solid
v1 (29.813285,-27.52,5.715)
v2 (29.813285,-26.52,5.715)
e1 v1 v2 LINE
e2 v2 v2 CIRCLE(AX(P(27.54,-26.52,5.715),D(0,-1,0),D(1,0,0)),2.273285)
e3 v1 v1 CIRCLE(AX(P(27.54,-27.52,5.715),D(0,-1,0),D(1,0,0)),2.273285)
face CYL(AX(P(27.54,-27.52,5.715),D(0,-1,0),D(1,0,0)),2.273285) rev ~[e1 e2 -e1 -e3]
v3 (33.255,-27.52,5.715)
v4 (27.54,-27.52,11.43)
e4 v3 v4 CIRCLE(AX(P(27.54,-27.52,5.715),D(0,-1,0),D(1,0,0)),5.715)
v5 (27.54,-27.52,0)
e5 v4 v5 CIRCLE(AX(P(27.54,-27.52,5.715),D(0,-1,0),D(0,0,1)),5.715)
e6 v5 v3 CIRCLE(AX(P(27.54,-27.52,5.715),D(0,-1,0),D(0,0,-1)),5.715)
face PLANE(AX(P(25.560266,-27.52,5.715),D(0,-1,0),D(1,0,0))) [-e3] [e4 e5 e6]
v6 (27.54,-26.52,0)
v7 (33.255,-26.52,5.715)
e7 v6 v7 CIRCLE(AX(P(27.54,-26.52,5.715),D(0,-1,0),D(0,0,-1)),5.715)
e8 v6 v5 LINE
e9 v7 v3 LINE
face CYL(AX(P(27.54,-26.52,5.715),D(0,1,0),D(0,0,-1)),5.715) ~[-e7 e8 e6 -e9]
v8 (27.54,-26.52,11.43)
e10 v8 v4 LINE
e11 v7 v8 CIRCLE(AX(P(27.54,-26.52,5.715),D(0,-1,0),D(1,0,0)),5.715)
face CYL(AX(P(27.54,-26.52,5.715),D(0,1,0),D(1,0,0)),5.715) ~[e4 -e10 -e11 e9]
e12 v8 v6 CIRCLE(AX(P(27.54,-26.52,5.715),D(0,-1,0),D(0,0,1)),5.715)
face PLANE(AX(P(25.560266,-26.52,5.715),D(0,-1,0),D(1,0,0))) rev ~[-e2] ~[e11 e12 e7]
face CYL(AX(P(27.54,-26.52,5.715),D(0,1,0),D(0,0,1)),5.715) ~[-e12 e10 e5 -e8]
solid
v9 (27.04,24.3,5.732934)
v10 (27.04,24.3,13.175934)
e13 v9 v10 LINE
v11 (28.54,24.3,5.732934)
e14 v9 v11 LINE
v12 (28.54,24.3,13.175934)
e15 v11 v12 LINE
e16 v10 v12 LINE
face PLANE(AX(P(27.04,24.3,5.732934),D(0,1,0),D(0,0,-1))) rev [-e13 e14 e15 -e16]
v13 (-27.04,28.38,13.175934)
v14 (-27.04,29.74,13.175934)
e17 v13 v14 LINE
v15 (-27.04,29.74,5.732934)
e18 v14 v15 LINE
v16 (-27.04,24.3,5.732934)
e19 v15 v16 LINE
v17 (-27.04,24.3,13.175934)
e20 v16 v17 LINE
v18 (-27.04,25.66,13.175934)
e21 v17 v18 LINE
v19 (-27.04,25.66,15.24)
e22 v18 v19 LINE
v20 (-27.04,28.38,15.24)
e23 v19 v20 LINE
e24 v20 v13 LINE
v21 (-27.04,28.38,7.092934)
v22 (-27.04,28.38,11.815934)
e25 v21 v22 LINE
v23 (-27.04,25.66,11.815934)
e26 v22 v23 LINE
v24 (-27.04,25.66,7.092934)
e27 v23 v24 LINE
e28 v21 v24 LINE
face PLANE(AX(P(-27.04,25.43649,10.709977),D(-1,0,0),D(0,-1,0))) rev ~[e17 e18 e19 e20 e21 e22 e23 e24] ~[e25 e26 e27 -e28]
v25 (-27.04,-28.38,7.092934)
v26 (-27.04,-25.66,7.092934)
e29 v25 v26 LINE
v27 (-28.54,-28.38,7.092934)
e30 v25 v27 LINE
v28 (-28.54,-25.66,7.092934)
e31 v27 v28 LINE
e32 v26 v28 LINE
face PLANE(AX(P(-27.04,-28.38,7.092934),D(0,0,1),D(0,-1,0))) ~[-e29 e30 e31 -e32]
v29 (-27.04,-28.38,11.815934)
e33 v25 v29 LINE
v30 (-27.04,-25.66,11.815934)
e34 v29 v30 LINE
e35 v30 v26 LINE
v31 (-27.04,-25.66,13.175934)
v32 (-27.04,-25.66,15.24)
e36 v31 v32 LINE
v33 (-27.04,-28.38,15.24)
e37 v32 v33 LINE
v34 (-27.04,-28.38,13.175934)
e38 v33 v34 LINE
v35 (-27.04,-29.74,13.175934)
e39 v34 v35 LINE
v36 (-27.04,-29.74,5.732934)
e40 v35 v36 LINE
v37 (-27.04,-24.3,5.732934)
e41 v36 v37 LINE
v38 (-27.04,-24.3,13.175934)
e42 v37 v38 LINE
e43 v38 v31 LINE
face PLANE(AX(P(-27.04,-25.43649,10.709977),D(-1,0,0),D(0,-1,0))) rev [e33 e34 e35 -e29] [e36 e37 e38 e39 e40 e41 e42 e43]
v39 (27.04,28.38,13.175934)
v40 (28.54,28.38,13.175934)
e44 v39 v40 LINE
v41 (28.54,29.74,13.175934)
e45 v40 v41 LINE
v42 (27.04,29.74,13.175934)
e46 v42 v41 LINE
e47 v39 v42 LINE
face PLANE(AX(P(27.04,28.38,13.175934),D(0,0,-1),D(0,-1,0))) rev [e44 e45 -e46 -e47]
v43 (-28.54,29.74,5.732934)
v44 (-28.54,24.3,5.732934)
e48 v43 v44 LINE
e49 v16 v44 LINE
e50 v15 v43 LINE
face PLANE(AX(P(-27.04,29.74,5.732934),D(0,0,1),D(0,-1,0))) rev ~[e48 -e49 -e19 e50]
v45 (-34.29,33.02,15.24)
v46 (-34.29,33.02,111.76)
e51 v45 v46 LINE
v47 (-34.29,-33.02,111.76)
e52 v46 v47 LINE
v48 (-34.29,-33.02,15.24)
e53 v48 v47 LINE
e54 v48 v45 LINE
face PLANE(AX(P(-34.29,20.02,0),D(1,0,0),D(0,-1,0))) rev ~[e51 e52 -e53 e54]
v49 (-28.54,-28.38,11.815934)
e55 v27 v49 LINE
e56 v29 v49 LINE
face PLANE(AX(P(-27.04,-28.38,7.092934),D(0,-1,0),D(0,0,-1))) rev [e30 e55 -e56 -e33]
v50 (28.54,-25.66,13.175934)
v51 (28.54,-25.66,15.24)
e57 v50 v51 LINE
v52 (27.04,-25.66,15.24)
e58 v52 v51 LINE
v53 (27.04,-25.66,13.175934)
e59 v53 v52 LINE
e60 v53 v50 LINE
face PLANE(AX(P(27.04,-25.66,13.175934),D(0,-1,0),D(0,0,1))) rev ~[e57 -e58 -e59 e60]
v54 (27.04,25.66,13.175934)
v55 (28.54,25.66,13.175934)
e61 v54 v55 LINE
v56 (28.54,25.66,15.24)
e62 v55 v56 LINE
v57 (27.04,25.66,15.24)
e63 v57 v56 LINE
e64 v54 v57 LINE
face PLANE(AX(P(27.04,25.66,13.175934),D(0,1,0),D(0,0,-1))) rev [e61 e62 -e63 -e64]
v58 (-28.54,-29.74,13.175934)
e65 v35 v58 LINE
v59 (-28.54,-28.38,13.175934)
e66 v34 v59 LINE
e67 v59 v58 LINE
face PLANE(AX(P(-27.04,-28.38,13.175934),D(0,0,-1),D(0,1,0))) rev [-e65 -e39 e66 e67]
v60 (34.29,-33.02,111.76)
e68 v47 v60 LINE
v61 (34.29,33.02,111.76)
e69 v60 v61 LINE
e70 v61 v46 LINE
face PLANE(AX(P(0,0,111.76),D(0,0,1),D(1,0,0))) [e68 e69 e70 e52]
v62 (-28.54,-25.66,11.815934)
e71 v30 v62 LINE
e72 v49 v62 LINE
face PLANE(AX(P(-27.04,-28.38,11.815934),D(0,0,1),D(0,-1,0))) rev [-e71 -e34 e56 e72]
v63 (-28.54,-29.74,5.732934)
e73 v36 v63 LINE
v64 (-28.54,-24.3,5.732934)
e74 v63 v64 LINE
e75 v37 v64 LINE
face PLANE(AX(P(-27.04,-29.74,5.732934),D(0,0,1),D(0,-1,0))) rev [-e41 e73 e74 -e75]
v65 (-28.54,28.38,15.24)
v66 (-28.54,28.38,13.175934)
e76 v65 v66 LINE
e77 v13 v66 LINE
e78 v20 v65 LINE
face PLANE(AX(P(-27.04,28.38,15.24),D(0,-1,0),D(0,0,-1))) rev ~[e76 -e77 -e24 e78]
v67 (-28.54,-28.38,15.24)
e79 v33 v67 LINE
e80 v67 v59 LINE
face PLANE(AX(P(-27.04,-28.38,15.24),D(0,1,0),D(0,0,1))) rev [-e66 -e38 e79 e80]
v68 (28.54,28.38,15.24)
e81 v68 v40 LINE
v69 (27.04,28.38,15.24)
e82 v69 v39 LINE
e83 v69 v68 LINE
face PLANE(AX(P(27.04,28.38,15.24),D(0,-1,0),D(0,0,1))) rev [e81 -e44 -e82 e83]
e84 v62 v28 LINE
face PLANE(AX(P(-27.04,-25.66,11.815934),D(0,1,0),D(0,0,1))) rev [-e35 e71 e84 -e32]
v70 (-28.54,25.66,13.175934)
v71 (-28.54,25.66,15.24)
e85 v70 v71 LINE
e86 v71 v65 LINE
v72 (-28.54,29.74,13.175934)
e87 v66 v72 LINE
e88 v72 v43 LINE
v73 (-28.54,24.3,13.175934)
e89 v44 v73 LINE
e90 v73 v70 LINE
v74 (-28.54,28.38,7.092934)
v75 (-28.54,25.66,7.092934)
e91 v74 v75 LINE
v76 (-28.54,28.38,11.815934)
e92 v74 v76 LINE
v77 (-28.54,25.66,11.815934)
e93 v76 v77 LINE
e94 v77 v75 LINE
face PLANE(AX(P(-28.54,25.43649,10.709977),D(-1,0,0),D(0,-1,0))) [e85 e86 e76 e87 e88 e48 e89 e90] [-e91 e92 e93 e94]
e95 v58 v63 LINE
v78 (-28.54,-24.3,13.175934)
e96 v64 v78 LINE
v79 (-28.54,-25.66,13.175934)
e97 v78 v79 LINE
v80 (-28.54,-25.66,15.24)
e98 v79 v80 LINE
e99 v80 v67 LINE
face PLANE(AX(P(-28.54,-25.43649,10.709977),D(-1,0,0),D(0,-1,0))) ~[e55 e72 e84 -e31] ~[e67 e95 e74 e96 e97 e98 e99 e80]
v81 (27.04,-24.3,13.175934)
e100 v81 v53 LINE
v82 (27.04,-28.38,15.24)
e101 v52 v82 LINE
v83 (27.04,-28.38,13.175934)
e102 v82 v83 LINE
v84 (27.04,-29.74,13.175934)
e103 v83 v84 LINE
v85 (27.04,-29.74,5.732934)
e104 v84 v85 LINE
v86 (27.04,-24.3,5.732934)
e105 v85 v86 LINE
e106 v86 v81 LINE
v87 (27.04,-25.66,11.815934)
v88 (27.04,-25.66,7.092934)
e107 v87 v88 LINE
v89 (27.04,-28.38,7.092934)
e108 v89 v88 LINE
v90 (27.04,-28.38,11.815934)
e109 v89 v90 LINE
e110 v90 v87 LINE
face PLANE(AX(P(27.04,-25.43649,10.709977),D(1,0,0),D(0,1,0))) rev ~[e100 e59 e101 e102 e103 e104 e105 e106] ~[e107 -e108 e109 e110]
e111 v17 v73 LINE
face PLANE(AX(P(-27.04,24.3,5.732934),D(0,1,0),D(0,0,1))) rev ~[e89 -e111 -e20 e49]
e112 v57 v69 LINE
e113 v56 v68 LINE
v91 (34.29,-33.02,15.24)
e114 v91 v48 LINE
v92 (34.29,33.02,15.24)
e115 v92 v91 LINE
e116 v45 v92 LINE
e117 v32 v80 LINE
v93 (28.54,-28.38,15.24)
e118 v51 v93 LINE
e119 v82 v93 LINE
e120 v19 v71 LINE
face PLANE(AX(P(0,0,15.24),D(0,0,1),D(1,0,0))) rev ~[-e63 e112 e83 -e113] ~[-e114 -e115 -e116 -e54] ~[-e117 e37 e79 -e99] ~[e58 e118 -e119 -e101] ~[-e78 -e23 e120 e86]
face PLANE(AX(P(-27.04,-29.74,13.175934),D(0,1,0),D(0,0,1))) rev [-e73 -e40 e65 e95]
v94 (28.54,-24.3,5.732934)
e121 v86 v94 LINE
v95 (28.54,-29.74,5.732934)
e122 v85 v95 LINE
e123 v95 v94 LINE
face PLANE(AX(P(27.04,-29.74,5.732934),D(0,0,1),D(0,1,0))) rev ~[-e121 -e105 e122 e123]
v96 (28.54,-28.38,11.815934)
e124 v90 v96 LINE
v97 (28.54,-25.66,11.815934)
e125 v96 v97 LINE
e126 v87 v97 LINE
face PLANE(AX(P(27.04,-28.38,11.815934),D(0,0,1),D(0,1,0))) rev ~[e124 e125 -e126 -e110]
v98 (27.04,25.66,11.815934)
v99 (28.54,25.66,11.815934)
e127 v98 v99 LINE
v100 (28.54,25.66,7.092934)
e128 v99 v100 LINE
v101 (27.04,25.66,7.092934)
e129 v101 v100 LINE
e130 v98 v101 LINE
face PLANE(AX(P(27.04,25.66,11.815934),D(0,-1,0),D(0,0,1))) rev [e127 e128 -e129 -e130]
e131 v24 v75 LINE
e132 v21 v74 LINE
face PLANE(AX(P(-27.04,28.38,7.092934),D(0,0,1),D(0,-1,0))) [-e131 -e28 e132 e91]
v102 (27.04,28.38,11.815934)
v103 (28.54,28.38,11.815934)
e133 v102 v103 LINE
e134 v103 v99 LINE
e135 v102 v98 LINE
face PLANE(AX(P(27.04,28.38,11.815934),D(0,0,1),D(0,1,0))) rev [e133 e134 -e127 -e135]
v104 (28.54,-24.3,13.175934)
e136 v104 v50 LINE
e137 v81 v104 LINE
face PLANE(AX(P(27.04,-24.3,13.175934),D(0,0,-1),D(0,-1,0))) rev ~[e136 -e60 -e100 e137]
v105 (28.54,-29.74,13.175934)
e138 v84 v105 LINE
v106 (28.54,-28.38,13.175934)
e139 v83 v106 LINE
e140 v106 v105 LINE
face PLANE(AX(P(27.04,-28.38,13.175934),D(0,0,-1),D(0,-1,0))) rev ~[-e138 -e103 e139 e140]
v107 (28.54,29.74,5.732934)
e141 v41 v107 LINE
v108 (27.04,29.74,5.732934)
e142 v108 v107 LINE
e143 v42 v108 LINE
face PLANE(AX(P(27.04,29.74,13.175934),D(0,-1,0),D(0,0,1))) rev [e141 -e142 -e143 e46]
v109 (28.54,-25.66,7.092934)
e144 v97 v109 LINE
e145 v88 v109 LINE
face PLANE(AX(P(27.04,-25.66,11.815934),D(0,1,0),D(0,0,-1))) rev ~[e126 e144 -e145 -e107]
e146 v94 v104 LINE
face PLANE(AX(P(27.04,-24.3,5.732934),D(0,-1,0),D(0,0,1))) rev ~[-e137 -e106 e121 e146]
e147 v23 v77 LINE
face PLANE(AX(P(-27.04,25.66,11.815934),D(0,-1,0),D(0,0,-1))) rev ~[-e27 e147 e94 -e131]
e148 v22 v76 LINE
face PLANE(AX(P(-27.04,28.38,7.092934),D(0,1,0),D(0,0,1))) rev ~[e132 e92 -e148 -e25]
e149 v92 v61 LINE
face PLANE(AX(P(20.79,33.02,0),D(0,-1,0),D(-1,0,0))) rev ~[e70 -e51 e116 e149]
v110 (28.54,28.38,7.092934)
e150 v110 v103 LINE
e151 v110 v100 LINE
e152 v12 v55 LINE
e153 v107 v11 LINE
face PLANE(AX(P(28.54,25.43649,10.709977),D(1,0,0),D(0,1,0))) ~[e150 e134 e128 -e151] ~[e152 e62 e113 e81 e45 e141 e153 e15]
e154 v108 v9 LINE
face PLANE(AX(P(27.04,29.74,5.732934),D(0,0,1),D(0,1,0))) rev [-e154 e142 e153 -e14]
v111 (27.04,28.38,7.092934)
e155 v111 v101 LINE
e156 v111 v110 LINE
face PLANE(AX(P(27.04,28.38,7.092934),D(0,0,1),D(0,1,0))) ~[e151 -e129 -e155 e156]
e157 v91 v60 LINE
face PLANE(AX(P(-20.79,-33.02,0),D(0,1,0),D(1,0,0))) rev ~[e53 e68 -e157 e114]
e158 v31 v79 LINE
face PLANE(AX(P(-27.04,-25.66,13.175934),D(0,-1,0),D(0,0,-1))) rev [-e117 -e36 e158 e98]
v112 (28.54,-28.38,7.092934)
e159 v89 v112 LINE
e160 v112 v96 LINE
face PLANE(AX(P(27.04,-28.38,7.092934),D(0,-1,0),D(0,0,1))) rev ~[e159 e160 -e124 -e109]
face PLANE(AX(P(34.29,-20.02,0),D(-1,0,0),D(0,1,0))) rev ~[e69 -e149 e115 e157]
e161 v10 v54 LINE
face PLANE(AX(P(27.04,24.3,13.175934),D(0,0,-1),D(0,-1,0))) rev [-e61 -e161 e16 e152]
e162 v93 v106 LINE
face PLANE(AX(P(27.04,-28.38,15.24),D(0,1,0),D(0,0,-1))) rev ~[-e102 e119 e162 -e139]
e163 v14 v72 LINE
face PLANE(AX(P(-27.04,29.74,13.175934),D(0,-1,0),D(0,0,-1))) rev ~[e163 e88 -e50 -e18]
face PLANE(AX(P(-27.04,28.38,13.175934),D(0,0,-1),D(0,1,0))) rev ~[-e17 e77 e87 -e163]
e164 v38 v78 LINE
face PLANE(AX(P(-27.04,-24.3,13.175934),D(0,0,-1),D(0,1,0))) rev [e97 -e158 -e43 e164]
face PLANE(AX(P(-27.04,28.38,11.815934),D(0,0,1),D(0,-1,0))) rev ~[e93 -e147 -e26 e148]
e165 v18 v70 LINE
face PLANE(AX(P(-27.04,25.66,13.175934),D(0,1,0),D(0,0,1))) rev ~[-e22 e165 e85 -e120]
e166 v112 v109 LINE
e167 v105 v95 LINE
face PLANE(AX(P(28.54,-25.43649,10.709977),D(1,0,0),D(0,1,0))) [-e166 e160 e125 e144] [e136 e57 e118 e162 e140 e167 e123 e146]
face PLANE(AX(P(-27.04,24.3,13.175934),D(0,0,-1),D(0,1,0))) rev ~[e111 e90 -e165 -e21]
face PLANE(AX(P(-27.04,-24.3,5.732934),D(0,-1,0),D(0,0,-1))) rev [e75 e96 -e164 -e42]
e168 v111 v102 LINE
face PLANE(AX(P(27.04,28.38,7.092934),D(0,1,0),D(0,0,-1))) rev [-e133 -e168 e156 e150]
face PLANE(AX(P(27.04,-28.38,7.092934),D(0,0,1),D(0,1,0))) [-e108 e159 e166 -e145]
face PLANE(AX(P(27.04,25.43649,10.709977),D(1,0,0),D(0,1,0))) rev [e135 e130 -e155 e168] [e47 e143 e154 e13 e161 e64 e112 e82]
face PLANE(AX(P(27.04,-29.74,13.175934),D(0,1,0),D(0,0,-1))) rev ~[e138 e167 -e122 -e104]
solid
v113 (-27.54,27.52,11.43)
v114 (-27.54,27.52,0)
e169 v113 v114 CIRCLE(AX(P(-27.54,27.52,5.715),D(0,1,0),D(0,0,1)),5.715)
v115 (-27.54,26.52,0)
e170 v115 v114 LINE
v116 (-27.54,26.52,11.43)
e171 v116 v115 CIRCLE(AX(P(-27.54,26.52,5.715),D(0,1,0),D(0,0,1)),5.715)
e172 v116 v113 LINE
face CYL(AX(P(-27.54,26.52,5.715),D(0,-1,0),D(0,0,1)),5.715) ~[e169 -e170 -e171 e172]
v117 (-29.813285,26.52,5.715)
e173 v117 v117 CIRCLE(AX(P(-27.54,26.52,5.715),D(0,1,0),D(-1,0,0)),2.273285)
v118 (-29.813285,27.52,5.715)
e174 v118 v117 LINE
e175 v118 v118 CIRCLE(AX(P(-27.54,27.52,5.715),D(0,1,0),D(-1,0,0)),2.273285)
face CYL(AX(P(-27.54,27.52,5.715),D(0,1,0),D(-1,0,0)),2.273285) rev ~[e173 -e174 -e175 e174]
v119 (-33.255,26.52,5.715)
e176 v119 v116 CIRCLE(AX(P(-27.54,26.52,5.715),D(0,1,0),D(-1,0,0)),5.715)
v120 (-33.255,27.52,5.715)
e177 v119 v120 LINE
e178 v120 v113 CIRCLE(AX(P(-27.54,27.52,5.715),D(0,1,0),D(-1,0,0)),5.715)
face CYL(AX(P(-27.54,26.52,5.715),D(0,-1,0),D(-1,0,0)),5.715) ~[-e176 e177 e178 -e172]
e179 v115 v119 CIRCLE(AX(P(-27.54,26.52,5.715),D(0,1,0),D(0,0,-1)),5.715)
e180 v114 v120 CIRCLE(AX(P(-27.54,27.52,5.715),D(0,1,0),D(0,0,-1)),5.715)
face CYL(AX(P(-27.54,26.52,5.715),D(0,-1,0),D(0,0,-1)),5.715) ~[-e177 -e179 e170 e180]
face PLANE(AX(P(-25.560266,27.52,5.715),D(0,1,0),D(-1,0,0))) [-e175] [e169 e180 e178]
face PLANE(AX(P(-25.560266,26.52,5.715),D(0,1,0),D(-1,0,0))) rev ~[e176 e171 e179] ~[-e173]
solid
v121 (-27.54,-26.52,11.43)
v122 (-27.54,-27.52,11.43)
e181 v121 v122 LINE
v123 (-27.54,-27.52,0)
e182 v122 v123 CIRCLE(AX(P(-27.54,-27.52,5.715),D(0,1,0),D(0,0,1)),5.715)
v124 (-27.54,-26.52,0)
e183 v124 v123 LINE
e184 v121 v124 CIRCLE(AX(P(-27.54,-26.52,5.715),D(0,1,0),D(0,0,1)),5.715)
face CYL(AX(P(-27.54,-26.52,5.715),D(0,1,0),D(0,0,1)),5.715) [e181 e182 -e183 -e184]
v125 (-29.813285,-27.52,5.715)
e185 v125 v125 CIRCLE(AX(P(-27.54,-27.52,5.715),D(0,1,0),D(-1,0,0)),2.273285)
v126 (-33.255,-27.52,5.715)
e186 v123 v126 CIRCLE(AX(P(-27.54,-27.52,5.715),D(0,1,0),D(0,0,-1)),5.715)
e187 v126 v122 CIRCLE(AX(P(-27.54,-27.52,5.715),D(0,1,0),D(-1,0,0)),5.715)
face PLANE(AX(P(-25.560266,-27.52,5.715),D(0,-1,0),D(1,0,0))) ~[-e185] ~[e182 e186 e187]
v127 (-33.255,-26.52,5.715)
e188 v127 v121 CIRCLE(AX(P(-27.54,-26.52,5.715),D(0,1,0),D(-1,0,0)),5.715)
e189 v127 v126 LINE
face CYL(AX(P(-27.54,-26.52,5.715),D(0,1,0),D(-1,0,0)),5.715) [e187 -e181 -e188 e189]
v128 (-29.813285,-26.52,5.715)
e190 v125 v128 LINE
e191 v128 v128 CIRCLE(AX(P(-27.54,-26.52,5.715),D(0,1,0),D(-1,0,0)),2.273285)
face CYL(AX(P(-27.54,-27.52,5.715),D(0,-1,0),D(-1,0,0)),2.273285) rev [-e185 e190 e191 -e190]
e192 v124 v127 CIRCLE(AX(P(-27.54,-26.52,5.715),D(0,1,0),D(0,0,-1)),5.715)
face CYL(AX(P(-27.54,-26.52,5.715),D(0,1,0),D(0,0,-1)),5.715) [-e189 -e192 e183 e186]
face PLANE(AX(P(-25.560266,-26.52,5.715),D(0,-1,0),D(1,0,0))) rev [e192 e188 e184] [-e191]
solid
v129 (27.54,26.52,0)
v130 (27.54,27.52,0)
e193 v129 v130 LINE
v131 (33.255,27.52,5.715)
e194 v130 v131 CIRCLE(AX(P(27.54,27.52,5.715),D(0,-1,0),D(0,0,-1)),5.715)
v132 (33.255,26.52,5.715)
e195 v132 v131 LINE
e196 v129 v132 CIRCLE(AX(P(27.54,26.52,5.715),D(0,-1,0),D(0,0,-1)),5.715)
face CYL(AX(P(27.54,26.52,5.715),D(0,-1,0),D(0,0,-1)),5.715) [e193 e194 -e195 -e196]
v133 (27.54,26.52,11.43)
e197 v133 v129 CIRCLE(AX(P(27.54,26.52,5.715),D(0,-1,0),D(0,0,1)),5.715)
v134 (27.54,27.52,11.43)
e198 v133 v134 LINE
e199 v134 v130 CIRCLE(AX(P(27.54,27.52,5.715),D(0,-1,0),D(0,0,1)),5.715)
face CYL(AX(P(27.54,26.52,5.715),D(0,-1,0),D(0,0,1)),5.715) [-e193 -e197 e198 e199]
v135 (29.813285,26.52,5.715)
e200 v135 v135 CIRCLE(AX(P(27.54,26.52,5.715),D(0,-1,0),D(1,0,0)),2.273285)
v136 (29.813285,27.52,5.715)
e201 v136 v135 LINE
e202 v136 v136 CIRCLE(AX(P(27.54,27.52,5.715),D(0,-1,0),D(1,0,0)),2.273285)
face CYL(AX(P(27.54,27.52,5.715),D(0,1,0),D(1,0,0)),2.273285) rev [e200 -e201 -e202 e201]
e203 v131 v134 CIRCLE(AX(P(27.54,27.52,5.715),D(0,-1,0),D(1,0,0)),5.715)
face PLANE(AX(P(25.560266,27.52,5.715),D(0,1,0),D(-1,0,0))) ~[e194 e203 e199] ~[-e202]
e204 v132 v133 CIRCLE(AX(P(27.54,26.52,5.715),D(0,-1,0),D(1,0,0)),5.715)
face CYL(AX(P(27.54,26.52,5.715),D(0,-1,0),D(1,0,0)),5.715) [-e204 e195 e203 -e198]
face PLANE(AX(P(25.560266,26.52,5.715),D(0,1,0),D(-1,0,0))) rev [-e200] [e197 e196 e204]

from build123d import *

# Parameters (mm, degrees)
F1_START  = 15.24
F0_W      = 13.5
F0_H      = 13
F1_DEPTH  = 96.52
F2_DEPTH  = 25
F4_START  = 6.5
F4_DEPTH  = 1
F5_R      = 2.2732854871
F6_DEPTH  = 25
F10_START = 6.25
F9_W      = 2.72
F9_H      = 1.36
F10_DEPTH = 1.5
F13_W     = 41.58
F13_H     = 15.24
F14_DEPTH = 100
F15_W     = 40.04
F15_H     = 15.24
F16_DEPTH = 100


with BuildPart() as f1:
    # F0 (on Top) → F1 (new body)
    with BuildSketch(Plane.XY.offset(F1_START)):
        Polygon((-20.79, -20.02), (-20.79, -33.02), (20.79, -33.02), (20.79, -20.02), (34.29, -20.02), (34.29, 20.02), (20.79, 20.02), (20.79, 33.02), (-20.79, 33.02), (-20.79, 20.02), (-34.29, 20.02), (-34.29, -20.02), align=None)
        with Locations((-27.54, -26.52)):
            Rectangle(F0_W, F0_H)
        with Locations((-27.54, 26.52)):
            Rectangle(F0_W, F0_H)
        with Locations((27.54, -26.52)):
            Rectangle(F0_W, F0_H)
        with Locations((27.54, 26.52)):
            Rectangle(F0_W, F0_H)
    extrude(amount=F1_DEPTH)

    # F0 (on Top) → F2 (join)
    with BuildSketch(Plane.XY):
        Polygon((-20.79, -20.02), (-20.79, -33.02), (20.79, -33.02), (20.79, -20.02), (34.29, -20.02), (34.29, 20.02), (20.79, 20.02), (20.79, 33.02), (-20.79, 33.02), (-20.79, 20.02), (-34.29, 20.02), (-34.29, -20.02), align=None)
    extrude(amount=F2_DEPTH)


with BuildPart() as f4:
    # F3 (on face) → F4 (new body)
    with BuildSketch(Plane(origin=(0, 20.02, 0), x_dir=(-1, 0, 0), z_dir=(0, 1, 0)).offset(F4_START)):
        with BuildLine():
            Line((27.54, 0), (27.54, 11.43))
            ThreePointArc((27.54, 11.43), (21.825, 5.715), (27.54, 0))
        make_face()
        with BuildLine():
            ThreePointArc((27.54, 0), (31.5811152545, 1.6738847455), (33.255, 5.715))
            ThreePointArc((33.255, 5.715), (31.5811152545, 9.7561152545), (27.54, 11.43))
            Line((27.54, 11.43), (27.54, 0))
        make_face()
    extrude(amount=F4_DEPTH)


with BuildPart() as f6_tool:
    # F5 (on face) → F6 (new body)
    with BuildSketch(Plane(origin=(0, 27.52, 0), x_dir=(-1, 0, 0), z_dir=(0, 1, 0))):
        with Locations((27.54, 5.715)):
            Circle(F5_R)
    extrude(amount=-F6_DEPTH)


with BuildPart() as f1_1:
    add(f1.part)

    # F6: cut by f6_tool
    add(f6_tool.part, mode=Mode.SUBTRACT)

    # F9 (on face) → F10 (join)
    with BuildSketch(Plane(origin=(-20.79, 0, 0), x_dir=(0, -1, 0), z_dir=(-1, 0, 0)).offset(F10_START)):
        Polygon((-25.66, 15.24), (-27.02, 15.24), (-27.02, 13.1759335107), (-27.02, 11.8159335107), (-25.66, 11.8159335107), (-25.66, 7.0929335107), (-25.66, 5.7329335107), (-24.3, 5.7329335107), (-24.3, 13.1759335107), (-25.66, 13.1759335107), align=None)
        Polygon((-27.02, 13.1759335107), (-27.02, 15.24), (-28.38, 15.24), (-28.38, 13.1759335107), (-29.74, 13.1759335107), (-29.74, 5.7329335107), (-28.38, 5.7329335107), (-28.38, 7.0929335107), (-28.38, 11.8159335107), (-27.02, 11.8159335107), align=None)
        with Locations((-27.02, 6.4129335107)):
            Rectangle(F9_W, F9_H)
    extrude(amount=F10_DEPTH)

    # F11: F1 across plane


with BuildPart() as f4_1:
    add(f4.part)

    # F6: cut by f6_tool
    add(f6_tool.part, mode=Mode.SUBTRACT)


with BuildPart() as f7_1:
    # F7: instance of F4
    add(f4_1.part.mirror(Plane.YZ))


with BuildPart() as f8_1:
    # F8: instance of F7_1
    add(f7_1.part.mirror(Plane.XZ))


with BuildPart() as f8_2:
    # F8: instance of F4
    add(f4_1.part.mirror(Plane.XZ))


with BuildPart() as f1_2:
    add(f1_1.part)
    add(f1_1.part.mirror(Plane.XZ))

    # F12: F1 across plane


with BuildPart() as f1_3:
    add(f1_2.part)
    add(f1_2.part.mirror(Plane.YZ))

    # F13 (on face) → F14 (cut)
    with BuildSketch(Plane.XZ.offset(33.02)):
        with Locations((0, 7.62)):
            Rectangle(F13_W, F13_H)
    extrude(amount=-F14_DEPTH, mode=Mode.SUBTRACT)

    # F15 (on face) → F16 (cut)
    with BuildSketch(Plane.YZ.offset(34.29)):
        with Locations((0, 7.62)):
            Rectangle(F15_W, F15_H)
    extrude(amount=-F16_DEPTH, mode=Mode.SUBTRACT)


solid = Compound([f4_1.part, f7_1.part, f8_1.part, f8_2.part, f1_3.part])
